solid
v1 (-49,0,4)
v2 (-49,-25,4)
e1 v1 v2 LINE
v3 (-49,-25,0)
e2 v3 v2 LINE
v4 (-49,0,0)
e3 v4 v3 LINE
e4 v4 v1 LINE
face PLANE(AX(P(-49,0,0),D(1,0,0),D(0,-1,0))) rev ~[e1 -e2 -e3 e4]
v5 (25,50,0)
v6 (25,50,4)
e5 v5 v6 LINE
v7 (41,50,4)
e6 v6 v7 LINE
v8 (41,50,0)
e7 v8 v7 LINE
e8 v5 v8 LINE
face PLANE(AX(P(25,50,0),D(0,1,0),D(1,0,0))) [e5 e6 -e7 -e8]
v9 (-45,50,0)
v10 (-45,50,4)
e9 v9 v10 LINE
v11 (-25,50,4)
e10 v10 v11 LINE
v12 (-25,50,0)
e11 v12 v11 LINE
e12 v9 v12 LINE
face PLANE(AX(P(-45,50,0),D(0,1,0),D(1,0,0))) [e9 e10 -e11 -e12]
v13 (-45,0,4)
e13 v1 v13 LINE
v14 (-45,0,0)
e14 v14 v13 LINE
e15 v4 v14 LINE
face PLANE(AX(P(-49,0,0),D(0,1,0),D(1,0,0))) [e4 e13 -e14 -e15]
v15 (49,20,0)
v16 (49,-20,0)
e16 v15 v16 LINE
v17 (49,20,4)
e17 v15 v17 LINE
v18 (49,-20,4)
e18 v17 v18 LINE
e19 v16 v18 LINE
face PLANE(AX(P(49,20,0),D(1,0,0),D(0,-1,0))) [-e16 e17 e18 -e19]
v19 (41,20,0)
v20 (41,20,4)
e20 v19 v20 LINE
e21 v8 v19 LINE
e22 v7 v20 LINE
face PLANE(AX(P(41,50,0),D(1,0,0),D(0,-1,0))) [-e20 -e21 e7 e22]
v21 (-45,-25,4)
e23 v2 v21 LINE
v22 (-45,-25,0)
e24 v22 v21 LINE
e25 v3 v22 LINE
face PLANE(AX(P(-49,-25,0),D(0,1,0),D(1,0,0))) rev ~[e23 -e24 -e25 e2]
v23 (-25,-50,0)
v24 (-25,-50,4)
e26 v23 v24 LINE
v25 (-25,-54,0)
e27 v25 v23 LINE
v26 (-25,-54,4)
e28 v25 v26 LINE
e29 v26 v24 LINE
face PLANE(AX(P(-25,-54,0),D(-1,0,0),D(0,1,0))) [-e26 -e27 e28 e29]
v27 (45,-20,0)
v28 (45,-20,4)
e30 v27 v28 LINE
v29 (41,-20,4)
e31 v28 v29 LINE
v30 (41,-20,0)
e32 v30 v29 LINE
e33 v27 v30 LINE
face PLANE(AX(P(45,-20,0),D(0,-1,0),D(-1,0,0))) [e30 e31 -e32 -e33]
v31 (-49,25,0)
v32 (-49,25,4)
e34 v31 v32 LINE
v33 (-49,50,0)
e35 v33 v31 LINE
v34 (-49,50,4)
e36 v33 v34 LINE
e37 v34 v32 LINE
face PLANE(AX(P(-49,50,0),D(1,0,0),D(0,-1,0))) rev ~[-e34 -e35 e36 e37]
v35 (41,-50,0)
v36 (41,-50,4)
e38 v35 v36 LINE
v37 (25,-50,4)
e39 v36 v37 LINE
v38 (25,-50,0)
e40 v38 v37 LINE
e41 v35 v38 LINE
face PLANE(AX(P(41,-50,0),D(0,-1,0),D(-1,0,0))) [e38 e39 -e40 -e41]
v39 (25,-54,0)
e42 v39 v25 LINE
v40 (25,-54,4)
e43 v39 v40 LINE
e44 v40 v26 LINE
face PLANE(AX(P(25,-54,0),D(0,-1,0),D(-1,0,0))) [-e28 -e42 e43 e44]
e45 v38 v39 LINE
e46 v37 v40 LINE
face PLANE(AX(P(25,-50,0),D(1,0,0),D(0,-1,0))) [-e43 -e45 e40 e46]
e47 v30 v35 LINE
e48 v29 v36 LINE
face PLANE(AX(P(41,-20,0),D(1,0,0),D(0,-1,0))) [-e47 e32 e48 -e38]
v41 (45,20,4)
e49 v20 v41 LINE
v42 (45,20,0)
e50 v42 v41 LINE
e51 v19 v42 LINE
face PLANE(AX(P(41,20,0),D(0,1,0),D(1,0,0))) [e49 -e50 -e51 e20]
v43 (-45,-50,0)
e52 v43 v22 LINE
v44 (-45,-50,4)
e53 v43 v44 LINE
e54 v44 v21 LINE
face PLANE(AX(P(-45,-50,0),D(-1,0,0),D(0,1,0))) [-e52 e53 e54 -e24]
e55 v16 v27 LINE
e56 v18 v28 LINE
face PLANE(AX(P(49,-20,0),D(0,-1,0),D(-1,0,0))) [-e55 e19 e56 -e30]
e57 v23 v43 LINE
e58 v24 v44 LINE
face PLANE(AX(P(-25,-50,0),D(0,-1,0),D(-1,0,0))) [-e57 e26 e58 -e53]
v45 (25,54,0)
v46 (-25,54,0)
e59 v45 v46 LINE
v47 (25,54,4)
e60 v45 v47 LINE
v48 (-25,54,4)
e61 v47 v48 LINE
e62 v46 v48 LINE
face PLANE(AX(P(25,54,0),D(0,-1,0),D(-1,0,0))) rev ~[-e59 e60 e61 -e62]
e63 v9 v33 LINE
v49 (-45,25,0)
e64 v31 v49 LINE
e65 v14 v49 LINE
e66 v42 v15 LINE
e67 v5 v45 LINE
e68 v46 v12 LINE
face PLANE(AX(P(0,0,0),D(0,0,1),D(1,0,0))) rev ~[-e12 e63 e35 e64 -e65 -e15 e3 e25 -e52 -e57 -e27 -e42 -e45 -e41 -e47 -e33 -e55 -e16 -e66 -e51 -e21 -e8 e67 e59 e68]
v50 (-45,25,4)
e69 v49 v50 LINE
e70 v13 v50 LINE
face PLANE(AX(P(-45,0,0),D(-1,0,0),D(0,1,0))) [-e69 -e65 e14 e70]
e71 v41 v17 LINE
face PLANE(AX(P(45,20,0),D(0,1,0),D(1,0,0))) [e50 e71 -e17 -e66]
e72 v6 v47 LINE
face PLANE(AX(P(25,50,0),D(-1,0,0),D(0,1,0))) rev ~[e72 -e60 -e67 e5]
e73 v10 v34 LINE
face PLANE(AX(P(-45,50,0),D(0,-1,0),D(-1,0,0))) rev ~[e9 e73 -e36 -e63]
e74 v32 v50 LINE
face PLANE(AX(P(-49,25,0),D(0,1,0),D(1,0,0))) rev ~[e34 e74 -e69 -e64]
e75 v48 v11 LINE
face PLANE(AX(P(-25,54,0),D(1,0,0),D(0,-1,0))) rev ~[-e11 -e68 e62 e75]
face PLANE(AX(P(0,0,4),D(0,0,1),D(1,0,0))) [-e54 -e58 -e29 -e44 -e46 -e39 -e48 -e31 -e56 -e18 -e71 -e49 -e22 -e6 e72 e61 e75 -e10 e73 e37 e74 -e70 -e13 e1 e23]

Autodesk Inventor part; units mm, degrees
ref_plane "YZ Plane" through (0, 0, 0) normal (1, 0, 0) x (0, 1, 0)
ref_plane "XZ Plane" through (0, 0, 0) normal (0, 1, 0) x (-1, 0, 0)
ref_plane "XY Plane" through (0, 0, 0) normal (0, 0, 1) x (1, 0, 0)
sketch "Sketch1" plane through (0, 0, 0) normal (0, 0, 1) x (1, 0, 0)
  line L0 (45, -50) -> (41, -50) construction
  line L1 (-45, -50) -> (-45, 50) construction
  line L2 (-45, 50) -> (-25, 50)
  line L3 (45, 50) -> (45, 20) construction
  line L4 (45, -50) -> (-45, 50) construction
  line L5 (-45, -50) -> (45, 50) construction
  line L6 (-25, 50) -> (25, 50) construction
  line L7 (25, 50) -> (25, 54)
  line L8 (25, 54) -> (-25, 54)
  line L9 (-25, 54) -> (-25, 50)
  line L10 (-25, -50) -> (25, -50) construction
  line L11 (25, -50) -> (25, -54)
  line L12 (25, -54) -> (-25, -54)
  line L13 (-25, -54) -> (-25, -50)
  line L14 (-45, 50) -> (-49, 50)
  line L15 (-49, 50) -> (-49, 25)
  line L16 (-49, 25) -> (-45, 25)
  line L17 (-45, 25) -> (-45, 50) construction
  line L18 (-45, 0) -> (-45, 25)
  line L19 (-45, 25) -> (-49, 25)
  line L20 (-49, 25) -> (-49, 0) construction
  line L21 (-49, 0) -> (-45, 0)
  line L22 (-45, -25) -> (-45, 0) construction
  line L23 (-45, 0) -> (-49, 0)
  line L24 (-49, 0) -> (-49, -25)
  line L25 (-49, -25) -> (-45, -25)
  line L26 (-45, -50) -> (-45, -25)
  line L27 (-45, -25) -> (-49, -25)
  line L28 (-49, -25) -> (-49, -50) construction
  line L29 (-49, -50) -> (-45, -50) construction
  line L30 (0, -75.6) -> (0, 75.6) construction
  line L31 (45, 20) -> (49, 20)
  line L32 (49, 20) -> (49, -20)
  line L33 (49, -20) -> (45, -20)
  line L34 (45, -20) -> (45, 20) construction
  line L35 (25, 50) -> (41, 50)
  line L36 (-25, 50) -> (25, 50) construction
  line L37 (-25, -50) -> (-45, -50)
  line L38 (25, -50) -> (-25, -50) construction
  line L39 (-68.6, 0) -> (68.6, 0) construction
  line L40 (41, 50) -> (41, 20)
  line L41 (41, 20) -> (45, 20)
  line L42 (45, -20) -> (41, -20)
  line L43 (41, -20) -> (41, -50)
  line L44 (41, 50) -> (45, 50) construction
  line L45 (45, 20) -> (45, -20) construction
  line L46 (45, -20) -> (45, -50) construction
  line L47 (41, -50) -> (25, -50)
  point P0 (0, 0)
  point P1 (41, 35)
  dimension "d0" = 90
  dimension "d1" = 100
  dimension "d2" = 50
  dimension "d3" = 4
  dimension "d4" = 50
  dimension "d5" = 4
  dimension "d6" = 4
  dimension "d7" = 25
  dimension "d10" = 25
  dimension "d17" = 4
  dimension "d18" = 40
  dimension "d20" = 4
extrude "Extrusion1" add sketch "Sketch1" along normal blind 4
properties part number "CarSide_V2" material "Wood (Oak)"
